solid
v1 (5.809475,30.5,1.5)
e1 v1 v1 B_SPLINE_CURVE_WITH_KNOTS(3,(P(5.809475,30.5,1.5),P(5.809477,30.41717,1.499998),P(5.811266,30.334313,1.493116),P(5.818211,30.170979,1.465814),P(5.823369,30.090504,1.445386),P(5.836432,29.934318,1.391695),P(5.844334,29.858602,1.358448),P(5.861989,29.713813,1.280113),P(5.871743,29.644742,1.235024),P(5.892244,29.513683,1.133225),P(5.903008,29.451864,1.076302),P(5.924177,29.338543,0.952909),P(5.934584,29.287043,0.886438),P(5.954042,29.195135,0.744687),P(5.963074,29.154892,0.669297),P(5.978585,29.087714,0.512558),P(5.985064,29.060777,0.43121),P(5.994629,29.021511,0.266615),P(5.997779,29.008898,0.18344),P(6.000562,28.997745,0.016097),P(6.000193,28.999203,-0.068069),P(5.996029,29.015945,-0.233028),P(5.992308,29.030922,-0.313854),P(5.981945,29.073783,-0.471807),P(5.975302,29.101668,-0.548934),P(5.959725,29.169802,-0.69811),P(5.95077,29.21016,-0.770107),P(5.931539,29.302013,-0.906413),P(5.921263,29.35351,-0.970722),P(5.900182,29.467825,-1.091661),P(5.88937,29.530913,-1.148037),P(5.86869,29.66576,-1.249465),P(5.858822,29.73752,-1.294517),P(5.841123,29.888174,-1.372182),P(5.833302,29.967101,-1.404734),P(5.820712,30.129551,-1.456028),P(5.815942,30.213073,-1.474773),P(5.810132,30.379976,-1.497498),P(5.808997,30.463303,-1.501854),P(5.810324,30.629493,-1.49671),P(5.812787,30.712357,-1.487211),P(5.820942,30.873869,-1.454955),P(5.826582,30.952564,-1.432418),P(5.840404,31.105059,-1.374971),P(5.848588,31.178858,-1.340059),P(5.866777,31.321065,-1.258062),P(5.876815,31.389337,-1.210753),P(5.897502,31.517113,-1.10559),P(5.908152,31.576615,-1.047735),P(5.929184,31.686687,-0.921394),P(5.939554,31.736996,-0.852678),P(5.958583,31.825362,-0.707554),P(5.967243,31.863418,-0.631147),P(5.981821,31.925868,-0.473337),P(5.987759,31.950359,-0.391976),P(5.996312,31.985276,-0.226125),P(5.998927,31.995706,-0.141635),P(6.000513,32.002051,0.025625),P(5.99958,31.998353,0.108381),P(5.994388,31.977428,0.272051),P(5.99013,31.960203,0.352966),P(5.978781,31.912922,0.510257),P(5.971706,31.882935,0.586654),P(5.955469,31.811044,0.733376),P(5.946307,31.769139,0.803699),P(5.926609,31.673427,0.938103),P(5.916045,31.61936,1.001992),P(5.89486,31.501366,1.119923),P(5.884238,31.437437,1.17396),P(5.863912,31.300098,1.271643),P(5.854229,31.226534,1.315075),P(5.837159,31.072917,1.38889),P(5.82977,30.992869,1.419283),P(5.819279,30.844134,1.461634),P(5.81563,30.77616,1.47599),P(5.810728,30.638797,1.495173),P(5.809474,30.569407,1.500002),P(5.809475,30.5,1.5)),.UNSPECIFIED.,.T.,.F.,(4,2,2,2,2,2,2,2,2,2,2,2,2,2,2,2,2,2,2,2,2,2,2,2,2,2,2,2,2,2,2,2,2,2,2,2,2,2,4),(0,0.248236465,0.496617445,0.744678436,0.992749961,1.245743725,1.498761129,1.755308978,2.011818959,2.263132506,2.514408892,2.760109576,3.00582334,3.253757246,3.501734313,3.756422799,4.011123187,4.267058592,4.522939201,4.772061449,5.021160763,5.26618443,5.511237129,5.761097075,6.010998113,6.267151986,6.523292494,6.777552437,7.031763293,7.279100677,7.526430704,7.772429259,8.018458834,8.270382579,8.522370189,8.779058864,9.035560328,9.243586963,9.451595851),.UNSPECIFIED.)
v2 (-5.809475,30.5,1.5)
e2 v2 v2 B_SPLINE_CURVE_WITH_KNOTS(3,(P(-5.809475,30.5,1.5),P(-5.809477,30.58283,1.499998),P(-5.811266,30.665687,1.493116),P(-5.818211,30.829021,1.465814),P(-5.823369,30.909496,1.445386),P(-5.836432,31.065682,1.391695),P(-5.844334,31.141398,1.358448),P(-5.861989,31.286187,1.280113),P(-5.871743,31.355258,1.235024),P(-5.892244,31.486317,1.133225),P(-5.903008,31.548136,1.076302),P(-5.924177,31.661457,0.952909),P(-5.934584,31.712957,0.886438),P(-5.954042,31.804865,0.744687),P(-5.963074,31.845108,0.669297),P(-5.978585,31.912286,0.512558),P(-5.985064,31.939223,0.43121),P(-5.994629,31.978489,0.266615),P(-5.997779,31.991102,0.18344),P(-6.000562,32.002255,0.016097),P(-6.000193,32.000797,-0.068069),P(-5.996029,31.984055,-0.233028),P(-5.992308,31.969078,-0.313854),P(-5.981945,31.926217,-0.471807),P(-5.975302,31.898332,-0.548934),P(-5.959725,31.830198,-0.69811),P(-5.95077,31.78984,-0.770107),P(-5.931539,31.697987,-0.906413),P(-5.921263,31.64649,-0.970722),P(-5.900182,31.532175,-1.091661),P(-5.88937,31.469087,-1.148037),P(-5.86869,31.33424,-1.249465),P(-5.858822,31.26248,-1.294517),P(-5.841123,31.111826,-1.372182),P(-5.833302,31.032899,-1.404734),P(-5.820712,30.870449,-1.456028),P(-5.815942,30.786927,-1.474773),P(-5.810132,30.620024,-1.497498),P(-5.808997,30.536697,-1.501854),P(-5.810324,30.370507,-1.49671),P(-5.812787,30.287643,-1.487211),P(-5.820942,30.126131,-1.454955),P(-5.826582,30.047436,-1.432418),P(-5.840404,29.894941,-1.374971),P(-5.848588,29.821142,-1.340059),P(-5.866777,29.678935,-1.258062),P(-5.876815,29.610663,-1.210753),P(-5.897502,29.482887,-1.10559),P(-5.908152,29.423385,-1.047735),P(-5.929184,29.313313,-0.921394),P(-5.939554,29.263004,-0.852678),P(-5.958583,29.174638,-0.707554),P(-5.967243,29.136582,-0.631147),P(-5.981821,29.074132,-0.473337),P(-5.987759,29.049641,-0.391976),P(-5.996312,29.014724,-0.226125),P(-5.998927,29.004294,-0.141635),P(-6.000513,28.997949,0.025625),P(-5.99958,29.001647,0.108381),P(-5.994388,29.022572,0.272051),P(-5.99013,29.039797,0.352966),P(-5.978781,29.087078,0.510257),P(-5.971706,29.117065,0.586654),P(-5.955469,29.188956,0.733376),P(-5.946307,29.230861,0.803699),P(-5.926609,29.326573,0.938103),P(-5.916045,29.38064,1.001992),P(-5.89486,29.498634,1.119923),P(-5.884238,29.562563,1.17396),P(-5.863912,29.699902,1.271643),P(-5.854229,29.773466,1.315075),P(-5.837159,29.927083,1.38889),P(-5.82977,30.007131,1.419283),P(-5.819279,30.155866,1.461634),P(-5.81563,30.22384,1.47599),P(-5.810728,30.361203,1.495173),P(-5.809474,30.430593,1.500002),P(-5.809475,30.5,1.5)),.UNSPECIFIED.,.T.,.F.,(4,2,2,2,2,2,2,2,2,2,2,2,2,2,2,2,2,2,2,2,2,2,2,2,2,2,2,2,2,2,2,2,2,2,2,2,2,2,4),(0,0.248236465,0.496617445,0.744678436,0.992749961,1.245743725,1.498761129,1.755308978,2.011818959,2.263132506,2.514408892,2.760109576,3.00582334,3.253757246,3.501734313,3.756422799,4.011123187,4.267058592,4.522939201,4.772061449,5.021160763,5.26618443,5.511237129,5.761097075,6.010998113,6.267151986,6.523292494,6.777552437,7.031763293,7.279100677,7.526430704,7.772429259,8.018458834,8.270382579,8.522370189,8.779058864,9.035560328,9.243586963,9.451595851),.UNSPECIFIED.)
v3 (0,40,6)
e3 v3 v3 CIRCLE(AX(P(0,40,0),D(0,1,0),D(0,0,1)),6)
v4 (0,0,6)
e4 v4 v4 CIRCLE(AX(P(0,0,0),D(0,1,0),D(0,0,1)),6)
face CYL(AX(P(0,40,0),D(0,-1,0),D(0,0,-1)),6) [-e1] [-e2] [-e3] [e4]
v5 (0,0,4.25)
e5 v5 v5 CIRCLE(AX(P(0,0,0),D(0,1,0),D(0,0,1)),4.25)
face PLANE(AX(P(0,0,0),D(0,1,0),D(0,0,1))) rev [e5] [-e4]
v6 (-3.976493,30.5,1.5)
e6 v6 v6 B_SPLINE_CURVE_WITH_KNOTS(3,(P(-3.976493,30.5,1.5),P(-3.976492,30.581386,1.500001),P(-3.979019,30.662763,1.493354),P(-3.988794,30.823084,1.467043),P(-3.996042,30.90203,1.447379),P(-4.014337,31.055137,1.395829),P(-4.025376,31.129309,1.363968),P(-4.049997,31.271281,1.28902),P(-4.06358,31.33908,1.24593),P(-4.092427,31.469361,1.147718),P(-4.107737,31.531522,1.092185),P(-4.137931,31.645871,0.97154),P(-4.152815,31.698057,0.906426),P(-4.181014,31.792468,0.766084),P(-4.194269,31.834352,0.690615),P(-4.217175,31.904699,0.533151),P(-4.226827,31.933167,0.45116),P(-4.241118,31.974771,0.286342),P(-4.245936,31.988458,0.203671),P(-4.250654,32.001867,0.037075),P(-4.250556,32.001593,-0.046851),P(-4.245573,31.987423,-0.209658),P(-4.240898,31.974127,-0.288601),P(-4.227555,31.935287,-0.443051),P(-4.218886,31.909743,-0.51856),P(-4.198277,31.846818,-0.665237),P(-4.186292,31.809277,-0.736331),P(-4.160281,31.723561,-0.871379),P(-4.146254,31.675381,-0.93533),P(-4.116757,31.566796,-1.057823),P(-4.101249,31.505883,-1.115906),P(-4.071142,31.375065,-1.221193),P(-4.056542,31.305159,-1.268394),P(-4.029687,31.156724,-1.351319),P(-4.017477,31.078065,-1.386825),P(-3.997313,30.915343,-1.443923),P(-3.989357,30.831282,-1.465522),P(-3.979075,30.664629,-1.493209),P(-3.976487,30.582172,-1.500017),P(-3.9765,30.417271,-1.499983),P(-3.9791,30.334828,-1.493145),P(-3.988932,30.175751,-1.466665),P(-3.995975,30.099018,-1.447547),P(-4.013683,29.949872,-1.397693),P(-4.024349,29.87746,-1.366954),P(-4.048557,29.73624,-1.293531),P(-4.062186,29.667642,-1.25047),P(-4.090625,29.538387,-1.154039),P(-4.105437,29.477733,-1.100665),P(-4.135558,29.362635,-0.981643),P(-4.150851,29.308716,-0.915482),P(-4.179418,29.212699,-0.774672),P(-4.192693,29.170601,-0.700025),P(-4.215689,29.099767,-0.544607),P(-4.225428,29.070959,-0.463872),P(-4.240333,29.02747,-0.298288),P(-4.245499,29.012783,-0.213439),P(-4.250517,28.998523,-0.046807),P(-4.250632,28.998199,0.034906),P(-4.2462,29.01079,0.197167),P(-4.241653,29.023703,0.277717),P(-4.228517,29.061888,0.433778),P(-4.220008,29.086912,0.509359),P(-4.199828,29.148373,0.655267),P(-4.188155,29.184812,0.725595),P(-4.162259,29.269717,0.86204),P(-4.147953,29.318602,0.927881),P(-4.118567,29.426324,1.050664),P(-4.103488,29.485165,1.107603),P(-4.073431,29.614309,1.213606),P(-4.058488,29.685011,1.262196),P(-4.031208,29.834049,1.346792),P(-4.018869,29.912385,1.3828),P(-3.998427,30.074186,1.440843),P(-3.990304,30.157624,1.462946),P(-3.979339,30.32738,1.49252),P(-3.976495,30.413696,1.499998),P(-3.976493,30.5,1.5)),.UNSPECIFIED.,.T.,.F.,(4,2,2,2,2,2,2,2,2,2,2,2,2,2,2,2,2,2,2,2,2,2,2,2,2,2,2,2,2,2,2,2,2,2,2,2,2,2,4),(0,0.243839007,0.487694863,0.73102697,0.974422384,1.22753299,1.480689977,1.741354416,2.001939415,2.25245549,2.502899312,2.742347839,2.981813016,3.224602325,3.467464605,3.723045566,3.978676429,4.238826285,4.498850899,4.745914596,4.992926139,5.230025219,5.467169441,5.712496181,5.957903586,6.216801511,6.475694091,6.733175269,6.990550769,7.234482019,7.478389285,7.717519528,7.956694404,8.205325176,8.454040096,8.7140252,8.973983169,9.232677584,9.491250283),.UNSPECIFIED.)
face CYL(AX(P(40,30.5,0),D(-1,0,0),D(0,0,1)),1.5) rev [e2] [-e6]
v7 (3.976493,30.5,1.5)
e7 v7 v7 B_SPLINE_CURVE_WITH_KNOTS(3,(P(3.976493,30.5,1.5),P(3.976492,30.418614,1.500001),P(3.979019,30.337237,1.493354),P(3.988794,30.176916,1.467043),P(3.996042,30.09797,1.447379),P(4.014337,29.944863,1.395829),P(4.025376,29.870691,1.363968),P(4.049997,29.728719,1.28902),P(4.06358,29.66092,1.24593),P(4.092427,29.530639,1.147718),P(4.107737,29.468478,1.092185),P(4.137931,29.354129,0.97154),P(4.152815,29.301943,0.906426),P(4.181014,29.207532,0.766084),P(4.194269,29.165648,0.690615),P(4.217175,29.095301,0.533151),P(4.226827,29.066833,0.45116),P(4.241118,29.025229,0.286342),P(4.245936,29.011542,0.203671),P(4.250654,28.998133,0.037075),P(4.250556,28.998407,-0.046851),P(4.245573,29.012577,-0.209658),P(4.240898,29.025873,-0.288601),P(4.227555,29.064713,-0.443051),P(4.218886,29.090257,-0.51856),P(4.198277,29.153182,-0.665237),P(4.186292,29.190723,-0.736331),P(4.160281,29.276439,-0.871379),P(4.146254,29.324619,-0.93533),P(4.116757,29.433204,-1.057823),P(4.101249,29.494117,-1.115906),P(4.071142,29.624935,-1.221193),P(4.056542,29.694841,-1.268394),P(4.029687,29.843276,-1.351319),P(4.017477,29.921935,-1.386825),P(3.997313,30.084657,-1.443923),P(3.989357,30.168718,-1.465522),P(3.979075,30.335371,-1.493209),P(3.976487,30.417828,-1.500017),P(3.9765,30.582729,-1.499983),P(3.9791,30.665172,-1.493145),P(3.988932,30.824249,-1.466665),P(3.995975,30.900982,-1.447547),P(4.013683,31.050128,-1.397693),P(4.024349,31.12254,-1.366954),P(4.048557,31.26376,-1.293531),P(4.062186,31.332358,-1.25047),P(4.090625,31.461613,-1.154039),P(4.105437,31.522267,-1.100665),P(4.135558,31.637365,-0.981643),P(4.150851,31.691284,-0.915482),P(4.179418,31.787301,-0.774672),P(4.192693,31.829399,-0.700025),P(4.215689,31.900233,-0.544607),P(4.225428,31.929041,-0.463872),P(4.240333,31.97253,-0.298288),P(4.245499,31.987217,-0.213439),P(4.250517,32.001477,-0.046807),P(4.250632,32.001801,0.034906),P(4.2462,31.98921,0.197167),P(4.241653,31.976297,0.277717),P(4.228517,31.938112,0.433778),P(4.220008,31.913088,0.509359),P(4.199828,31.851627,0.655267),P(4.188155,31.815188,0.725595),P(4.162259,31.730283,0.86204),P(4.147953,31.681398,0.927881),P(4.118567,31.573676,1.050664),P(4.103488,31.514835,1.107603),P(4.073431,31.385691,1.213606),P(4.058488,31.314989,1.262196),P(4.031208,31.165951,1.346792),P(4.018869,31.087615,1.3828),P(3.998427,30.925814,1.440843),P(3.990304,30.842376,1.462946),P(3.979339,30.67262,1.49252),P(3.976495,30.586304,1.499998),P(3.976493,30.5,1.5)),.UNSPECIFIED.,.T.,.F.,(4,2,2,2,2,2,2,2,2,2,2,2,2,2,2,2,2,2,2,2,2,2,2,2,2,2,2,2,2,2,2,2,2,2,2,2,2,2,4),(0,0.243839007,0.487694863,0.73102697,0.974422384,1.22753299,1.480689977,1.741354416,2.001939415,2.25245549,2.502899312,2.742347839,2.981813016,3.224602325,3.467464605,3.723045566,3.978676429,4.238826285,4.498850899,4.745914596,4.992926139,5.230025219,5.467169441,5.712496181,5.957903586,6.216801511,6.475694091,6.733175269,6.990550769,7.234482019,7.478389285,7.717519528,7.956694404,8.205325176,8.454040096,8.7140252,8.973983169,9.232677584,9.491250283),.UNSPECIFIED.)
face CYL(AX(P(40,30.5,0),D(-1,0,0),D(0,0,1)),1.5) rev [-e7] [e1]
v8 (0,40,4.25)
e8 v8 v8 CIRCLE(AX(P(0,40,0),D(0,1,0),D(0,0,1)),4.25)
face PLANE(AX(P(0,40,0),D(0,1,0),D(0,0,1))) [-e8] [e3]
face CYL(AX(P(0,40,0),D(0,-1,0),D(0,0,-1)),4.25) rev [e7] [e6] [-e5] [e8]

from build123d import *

# Parameters (mm, degrees)
SKETCH1_R               = 6
SKETCH1_R_2             = 4.25
BOSS_EXTRUDE1_DEPTH     = 40
CUT_EXTRUDE1_DEPTH      = 40
CUT_EXTRUDE1_DEPTH_BACK = 40
SKETCH2_R               = 1.5


with BuildPart() as part:
    # Sketch1 → Boss-Extrude1 (new body)
    with BuildSketch(Plane(origin=(0, 0, 0), x_dir=(1, 0, 0), z_dir=(0, 1, 0))):
        Circle(SKETCH1_R)
        Circle(SKETCH1_R_2, mode=Mode.SUBTRACT)
    extrude(amount=BOSS_EXTRUDE1_DEPTH)

    # Sketch2 → Cut-Extrude1 (cut, two sides: drawn at the far end of the back side and taken through both)
    with BuildSketch(Plane(origin=(0, 0, 0), x_dir=(0, 0, -1), z_dir=(1, 0, 0)).offset(-CUT_EXTRUDE1_DEPTH_BACK)):
        with Locations((0, 30.5)):
            Circle(SKETCH2_R)
    extrude(amount=CUT_EXTRUDE1_DEPTH + CUT_EXTRUDE1_DEPTH_BACK, mode=Mode.SUBTRACT)


solid = part.part
